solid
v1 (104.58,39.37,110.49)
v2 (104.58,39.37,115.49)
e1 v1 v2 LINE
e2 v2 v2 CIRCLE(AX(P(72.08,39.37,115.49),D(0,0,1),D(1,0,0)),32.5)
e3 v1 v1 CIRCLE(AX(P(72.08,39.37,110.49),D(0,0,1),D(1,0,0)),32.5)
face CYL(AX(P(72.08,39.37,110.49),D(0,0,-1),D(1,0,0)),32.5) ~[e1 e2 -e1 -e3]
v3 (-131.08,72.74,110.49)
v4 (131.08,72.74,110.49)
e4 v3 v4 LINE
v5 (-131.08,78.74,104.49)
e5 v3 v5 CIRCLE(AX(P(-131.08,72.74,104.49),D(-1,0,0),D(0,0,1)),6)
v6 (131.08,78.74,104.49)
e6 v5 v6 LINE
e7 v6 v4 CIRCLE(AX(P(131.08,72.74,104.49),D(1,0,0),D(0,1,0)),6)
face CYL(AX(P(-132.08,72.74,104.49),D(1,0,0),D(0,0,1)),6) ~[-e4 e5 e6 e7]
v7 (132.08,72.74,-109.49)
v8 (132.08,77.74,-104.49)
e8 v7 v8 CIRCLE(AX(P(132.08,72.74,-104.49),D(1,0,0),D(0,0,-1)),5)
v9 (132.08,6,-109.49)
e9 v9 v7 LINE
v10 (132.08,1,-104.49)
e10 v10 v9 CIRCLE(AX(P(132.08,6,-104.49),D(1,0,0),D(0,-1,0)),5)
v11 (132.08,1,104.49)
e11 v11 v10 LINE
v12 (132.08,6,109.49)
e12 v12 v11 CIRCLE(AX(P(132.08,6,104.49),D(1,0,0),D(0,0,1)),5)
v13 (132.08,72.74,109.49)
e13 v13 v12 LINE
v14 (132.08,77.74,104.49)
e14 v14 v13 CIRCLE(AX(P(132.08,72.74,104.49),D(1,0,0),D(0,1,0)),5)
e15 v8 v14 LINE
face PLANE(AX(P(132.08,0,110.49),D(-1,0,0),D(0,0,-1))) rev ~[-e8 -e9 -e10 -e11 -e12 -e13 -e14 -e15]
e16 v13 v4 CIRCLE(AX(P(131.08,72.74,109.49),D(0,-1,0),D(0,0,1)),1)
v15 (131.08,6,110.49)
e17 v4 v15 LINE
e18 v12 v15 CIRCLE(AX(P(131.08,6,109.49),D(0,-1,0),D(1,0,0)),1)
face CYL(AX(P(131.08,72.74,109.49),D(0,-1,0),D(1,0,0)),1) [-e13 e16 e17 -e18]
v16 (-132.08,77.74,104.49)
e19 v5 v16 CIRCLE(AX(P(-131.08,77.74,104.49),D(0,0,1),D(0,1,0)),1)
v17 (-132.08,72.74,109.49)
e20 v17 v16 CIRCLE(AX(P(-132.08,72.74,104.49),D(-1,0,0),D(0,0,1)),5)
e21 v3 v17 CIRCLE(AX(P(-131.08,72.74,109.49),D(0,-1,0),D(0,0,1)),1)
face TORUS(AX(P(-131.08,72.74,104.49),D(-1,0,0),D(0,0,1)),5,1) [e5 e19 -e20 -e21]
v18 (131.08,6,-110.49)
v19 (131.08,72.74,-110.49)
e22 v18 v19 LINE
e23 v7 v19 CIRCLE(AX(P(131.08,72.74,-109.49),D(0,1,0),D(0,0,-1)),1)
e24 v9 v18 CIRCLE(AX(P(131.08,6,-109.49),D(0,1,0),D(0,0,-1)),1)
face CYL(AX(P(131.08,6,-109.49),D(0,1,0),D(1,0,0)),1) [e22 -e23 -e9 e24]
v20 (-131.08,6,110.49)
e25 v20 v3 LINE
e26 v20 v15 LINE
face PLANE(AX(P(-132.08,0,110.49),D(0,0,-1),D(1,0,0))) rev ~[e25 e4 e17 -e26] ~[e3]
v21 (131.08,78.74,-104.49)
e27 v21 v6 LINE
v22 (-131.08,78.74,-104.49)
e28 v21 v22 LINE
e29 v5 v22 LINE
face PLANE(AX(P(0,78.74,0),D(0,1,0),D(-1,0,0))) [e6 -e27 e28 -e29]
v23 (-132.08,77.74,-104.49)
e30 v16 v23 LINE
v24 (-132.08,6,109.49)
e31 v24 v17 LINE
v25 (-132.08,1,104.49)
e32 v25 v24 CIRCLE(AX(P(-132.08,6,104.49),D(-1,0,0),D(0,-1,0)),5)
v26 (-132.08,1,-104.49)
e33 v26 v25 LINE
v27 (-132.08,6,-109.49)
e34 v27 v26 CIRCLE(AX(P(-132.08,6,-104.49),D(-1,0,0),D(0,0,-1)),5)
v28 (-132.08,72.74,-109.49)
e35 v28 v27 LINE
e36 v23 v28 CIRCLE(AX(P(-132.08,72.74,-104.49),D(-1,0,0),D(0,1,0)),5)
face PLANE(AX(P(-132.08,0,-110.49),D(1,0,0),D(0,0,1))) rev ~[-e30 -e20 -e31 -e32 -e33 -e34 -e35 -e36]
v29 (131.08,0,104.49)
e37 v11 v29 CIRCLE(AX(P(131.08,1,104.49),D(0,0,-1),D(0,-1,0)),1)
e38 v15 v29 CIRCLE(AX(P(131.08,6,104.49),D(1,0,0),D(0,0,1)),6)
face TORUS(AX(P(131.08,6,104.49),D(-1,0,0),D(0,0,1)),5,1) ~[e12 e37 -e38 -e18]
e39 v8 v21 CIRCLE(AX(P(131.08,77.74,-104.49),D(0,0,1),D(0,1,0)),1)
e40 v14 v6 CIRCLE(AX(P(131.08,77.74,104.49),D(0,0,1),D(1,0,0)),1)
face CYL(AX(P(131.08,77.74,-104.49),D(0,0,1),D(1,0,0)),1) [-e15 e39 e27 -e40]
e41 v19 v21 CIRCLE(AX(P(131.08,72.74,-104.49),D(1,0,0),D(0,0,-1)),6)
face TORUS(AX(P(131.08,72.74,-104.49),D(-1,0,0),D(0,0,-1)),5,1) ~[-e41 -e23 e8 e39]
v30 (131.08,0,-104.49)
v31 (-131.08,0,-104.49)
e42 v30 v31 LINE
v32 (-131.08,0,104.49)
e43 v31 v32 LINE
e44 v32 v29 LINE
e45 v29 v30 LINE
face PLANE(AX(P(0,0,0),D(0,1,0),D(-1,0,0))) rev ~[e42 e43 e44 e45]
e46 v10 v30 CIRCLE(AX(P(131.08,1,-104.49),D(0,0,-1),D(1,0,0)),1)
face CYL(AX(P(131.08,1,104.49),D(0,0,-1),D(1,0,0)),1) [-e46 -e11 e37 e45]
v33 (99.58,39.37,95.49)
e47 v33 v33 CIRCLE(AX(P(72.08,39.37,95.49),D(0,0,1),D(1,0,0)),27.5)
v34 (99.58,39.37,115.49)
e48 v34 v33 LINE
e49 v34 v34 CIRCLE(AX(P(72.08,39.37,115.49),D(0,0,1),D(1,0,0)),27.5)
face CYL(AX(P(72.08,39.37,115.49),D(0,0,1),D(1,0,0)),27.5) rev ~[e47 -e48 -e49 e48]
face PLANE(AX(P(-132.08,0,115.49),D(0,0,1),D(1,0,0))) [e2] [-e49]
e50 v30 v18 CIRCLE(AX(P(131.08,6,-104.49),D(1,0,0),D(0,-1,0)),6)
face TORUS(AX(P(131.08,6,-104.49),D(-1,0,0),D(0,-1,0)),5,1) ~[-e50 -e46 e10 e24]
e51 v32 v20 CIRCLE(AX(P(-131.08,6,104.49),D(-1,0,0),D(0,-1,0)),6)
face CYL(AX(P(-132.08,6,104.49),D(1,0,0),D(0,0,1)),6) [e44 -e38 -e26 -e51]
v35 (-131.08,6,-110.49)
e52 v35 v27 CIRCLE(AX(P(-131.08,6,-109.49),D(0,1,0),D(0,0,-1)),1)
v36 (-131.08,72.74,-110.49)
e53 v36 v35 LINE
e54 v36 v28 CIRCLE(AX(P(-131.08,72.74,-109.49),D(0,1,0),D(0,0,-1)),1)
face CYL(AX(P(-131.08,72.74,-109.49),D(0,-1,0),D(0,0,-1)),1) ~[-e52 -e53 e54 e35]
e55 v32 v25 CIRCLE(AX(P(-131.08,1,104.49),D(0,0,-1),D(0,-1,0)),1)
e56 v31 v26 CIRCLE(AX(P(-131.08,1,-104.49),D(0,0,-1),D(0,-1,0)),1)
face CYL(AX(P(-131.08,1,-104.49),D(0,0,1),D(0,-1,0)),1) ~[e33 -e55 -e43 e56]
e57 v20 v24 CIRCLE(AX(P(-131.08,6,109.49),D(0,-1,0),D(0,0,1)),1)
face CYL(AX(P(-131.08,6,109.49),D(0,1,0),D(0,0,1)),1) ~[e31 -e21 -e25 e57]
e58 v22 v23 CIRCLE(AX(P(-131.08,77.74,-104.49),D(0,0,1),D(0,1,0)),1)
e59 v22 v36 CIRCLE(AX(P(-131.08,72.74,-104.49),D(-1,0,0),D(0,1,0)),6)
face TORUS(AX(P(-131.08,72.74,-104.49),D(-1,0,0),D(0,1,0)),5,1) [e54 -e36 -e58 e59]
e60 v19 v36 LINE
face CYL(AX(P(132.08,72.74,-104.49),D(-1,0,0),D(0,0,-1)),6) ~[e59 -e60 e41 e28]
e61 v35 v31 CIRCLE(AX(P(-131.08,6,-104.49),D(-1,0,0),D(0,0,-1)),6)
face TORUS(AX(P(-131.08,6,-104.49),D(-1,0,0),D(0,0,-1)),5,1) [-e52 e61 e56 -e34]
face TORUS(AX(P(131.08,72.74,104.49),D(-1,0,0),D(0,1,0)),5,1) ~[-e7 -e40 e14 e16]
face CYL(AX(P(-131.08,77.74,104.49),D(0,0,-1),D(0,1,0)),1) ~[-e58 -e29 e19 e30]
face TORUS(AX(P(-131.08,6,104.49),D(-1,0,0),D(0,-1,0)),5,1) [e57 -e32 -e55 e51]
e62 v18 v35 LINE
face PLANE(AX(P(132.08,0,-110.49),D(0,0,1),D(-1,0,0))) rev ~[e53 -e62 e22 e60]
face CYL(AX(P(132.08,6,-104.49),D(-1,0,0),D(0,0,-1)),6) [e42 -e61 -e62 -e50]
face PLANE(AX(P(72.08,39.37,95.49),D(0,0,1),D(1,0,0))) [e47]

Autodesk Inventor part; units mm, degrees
ref_plane "YZ Plane" through (0, 0, 0) normal (1, 0, 0) x (0, 1, 0)
ref_plane "XZ Plane" through (0, 0, 0) normal (0, 1, 0) x (-1, 0, 0)
ref_plane "XY Plane" through (0, 0, 0) normal (0, 0, 1) x (1, 0, 0)
sketch "Sketch1" plane through (0, 0, 0) normal (0, 1, 0) x (-1, 0, 0)
  line L0 (-132.08, -110.49) -> (132.08, -110.49)
  line L1 (132.08, -110.49) -> (132.08, 110.49)
  line L2 (132.08, 110.49) -> (-132.08, 110.49)
  line L3 (-132.08, 110.49) -> (-132.08, -110.49)
  line L4 (-132.08, -110.49) -> (132.08, 110.49) construction
  line L5 (132.08, -110.49) -> (-132.08, 110.49) construction
  point P0 (0, 0)
  dimension "d0" = 264.16
  dimension "d1" = 220.98
extrude "Extrusion1" add sketch "Sketch1" along normal blind 78.74
sketch "Sketch2" plane through (-132.08, 0, 110.49) normal (0, 0, 1) x (1, 0, 0)
  line L0 (264.16, 0) -> (264.16, 78.74) projected
  line L1 (0, 78.74) -> (264.16, 78.74) projected
  circle A0 centre (204.16, 39.37) radius 32.5
  point P0 (0, 0)
  point P1 (132.08, 0)
  dimension "d4" = 60
  dimension "d5" = 65
  dimension "d6" = 78.74
  dimension "d7" = 39.37
extrude "Extrusion2" add sketch "Sketch2" along normal blind 5
sketch "Sketch3" plane through (72.08, 39.37, 115.49) normal (0, 0, 1) x (1, 0, 0)
  circle A0 centre (0, 0) radius 32.5 projected
  circle A1 centre (0, 0) radius 27.5
  point P0 (-72.08, -39.37)
  dimension "d10" = 55
extrude "Extrusion3" cut sketch "Sketch3" against normal blind 20 contours A1
fillet "Fillet1" radius 6 4 edges at (0, 78.74, 110.49) (0, 78.74, -110.49) (0, 0, -110.49) (0, 0, 110.49)
fillet "Fillet2" radius 1 16 edges at (-132.08, 76.9826, 108.7326) (-132.08, 78.74, 0) (-132.08, 76.9826, -108.7326) (-132.08, 39.37, -110.49) (-132.08, 1.7574, -108.7326) (-132.08, 0, 0) (-132.08, 1.7574, 108.7326) (-132.08, 39.37, 110.49) (132.08, 76.9826, -108.7326) (132.08, 39.37, -110.49) (132.08, 1.7574, -108.7326) (132.08, 0, 0) (132.08, 1.7574, 108.7326) (132.08, 39.37, 110.49) (132.08, 76.9826, 108.7326) (132.08, 78.74, 0)
equation "\"d7\" = 0.5 * d6"
properties part number "Projector-AcerP1500"
